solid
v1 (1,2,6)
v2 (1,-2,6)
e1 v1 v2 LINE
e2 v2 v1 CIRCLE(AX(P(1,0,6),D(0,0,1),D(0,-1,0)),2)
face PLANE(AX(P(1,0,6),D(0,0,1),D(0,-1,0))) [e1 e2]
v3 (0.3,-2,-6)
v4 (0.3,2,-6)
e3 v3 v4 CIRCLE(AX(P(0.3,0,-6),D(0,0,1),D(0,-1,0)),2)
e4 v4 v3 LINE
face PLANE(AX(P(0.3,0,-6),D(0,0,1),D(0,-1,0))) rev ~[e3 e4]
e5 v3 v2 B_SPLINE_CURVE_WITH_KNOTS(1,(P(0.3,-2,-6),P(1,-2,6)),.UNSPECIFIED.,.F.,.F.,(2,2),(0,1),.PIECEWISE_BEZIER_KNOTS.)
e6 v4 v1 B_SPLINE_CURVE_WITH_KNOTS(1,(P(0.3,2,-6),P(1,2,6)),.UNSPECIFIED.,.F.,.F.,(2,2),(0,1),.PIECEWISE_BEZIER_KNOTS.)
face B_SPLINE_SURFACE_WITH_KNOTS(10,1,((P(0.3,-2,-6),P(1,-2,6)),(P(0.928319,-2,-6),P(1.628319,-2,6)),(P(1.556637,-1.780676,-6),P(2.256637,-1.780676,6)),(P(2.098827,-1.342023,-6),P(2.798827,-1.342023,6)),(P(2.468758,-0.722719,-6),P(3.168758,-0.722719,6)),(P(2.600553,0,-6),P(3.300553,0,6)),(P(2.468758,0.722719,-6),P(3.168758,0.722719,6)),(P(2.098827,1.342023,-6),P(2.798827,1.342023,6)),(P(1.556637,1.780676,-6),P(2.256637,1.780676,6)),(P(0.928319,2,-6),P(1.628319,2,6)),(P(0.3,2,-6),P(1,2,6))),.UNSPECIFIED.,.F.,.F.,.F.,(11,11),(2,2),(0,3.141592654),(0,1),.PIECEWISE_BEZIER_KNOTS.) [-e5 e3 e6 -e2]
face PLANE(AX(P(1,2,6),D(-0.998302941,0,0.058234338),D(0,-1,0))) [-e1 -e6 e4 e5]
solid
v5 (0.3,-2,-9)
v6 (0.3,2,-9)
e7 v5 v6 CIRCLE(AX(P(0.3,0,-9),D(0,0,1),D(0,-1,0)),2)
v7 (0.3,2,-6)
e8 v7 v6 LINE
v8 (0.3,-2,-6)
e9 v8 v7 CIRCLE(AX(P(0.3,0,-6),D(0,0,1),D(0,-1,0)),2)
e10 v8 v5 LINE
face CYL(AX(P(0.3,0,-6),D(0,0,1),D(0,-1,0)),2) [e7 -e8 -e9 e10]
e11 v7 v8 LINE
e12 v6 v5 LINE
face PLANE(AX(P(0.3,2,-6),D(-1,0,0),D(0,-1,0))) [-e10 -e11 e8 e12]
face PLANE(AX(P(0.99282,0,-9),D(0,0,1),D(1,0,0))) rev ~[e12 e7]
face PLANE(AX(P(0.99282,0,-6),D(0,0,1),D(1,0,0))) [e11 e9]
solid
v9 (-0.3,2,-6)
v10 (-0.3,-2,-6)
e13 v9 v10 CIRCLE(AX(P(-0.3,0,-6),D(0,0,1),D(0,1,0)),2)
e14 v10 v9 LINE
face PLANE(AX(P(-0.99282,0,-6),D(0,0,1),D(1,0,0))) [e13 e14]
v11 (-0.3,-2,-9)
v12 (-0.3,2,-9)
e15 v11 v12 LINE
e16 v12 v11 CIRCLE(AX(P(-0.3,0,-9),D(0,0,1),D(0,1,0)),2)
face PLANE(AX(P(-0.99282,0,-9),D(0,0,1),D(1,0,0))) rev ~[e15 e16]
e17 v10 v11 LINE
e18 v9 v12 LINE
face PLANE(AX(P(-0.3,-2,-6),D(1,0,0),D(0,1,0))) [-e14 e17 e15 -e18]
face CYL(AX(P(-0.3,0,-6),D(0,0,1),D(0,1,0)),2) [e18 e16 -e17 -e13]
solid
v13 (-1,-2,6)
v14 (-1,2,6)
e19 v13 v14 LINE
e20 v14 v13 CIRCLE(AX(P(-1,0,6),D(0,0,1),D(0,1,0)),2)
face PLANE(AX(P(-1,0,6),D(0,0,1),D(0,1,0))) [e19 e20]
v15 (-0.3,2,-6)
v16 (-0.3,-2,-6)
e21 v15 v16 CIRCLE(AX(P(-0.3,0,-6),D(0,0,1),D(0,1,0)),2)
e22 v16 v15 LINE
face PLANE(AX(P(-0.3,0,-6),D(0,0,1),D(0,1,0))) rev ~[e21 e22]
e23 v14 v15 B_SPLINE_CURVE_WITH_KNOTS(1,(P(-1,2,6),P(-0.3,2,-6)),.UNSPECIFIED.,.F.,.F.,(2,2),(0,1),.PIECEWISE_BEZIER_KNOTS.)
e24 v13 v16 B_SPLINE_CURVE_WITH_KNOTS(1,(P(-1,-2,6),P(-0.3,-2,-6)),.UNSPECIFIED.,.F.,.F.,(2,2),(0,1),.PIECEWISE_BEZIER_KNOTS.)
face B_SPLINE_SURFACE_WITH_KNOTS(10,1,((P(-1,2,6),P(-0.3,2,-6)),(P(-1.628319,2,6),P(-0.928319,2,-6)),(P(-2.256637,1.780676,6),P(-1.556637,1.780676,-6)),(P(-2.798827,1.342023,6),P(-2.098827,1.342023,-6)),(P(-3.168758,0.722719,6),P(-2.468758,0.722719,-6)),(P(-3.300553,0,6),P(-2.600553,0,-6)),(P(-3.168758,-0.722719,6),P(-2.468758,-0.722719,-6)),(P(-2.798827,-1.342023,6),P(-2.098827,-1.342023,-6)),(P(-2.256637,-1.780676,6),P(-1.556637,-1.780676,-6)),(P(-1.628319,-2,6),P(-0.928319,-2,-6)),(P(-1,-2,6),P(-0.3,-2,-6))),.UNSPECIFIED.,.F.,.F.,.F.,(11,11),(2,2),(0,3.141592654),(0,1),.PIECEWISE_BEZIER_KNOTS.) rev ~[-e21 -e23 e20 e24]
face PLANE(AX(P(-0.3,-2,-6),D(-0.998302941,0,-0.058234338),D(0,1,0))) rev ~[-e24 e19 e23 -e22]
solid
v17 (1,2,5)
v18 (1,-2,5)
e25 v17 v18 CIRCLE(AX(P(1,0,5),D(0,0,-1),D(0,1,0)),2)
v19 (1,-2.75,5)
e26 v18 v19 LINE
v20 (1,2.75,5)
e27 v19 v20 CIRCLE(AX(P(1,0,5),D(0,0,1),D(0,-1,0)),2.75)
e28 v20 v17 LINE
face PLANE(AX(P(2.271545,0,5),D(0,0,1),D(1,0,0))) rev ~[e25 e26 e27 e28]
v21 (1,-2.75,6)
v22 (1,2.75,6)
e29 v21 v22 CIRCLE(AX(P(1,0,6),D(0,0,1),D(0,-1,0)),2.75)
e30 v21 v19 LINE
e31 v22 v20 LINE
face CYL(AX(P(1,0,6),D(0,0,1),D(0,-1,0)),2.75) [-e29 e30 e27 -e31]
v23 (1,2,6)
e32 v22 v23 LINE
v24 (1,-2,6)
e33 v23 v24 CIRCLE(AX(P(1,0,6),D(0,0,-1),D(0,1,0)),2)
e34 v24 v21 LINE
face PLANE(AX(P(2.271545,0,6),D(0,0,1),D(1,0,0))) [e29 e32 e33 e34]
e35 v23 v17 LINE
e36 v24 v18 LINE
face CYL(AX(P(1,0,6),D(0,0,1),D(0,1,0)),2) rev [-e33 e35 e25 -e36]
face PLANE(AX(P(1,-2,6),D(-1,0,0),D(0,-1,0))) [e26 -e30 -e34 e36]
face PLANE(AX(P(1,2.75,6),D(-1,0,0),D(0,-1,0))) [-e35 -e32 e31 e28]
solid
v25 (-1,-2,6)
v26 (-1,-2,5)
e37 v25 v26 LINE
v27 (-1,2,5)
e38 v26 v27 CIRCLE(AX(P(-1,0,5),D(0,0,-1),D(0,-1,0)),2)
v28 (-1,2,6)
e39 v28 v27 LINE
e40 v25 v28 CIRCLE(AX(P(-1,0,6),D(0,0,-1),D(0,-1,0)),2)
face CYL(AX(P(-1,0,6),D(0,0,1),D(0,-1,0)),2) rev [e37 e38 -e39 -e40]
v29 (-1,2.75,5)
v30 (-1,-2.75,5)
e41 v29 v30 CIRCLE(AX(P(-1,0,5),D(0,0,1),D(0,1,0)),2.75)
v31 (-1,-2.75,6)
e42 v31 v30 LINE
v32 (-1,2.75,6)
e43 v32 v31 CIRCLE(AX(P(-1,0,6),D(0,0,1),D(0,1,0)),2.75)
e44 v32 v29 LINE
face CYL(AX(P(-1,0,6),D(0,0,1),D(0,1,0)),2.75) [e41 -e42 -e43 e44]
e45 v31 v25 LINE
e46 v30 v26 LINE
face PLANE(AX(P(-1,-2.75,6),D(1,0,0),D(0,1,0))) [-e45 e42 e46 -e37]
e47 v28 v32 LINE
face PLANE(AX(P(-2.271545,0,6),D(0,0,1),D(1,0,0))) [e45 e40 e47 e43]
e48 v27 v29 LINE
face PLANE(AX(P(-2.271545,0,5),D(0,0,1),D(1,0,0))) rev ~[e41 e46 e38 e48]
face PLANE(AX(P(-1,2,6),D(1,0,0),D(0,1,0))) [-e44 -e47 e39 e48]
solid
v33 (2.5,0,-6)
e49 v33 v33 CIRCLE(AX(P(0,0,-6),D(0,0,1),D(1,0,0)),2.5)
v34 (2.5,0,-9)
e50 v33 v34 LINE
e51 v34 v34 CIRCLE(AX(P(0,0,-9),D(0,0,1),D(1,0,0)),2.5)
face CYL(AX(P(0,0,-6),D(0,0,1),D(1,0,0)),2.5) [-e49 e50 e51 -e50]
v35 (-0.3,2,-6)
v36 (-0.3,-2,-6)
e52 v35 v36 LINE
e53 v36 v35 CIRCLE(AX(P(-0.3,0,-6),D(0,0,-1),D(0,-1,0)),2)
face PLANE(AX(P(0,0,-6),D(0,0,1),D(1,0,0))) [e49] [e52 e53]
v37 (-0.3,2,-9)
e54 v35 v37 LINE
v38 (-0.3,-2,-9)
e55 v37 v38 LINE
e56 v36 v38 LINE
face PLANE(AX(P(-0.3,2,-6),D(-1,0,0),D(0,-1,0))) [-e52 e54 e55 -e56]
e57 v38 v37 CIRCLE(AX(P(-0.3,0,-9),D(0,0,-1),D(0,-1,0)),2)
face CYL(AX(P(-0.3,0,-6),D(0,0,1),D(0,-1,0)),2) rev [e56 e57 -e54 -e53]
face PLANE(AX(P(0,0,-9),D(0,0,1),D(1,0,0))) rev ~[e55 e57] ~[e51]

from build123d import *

# Parameters (mm, degrees)
F6_R     = 2.5
F7_DEPTH = 3
F8_DEPTH = 1


with BuildPart() as f4:
    # F2 (on offset) → F4 section 0
    with BuildSketch(Plane.XY.offset(-6)):
        with BuildLine():
            ThreePointArc((0.3, -2), (2.3, 0), (0.3, 2))
            Line((0.3, 2), (0.3, -2))
        make_face()
    # F3 (on offset) → F4 section 1
    with BuildSketch(Plane.XY.offset(6)):
        with BuildLine():
            ThreePointArc((1, -2), (3, 0), (1, 2))
            Line((1, 2), (1, -2))
        make_face()
    loft()


with BuildPart() as f5:
    # F3 (on offset) → F5 section 0
    with BuildSketch(Plane.XY.offset(6)):
        with BuildLine():
            Line((-1, -2), (-1, 2))
            ThreePointArc((-1, 2), (-3, 0), (-1, -2))
        make_face()
    # F2 (on offset) → F5 section 1
    with BuildSketch(Plane.XY.offset(-6)):
        with BuildLine():
            Line((-0.3, -2), (-0.3, 2))
            ThreePointArc((-0.3, 2), (-2.3, 0), (-0.3, -2))
        make_face()
    loft()


with BuildPart() as f7:
    # F6 (on face) → F7 (new body)
    with BuildSketch(Plane.XY.offset(-6)):
        Circle(F6_R)
        with BuildLine():
            Line((-0.3, 2), (-0.3, -2))
            ThreePointArc((-0.3, -2), (-2.3, 0), (-0.3, 2))
        make_face(mode=Mode.SUBTRACT)
    extrude(amount=-F7_DEPTH)


with BuildPart() as f7b:
    # F2 (on offset) → F7, piece 2 (new body)
    with BuildSketch(Plane.XY.offset(-6)):
        with BuildLine():
            Line((-0.3, -2), (-0.3, 2))
            ThreePointArc((-0.3, 2), (-2.3, 0), (-0.3, -2))
        make_face()
    extrude(amount=-F7_DEPTH)


with BuildPart() as f7c:
    # F2 (on offset) → F7, piece 3 (new body)
    with BuildSketch(Plane.XY.offset(-6)):
        with BuildLine():
            ThreePointArc((0.3, -2), (2.3, 0), (0.3, 2))
            Line((0.3, 2), (0.3, -2))
        make_face()
    extrude(amount=-F7_DEPTH)


with BuildPart() as f8:
    # F3 (on offset) → F8 (new body)
    with BuildSketch(Plane.XY.offset(6)):
        with BuildLine():
            ThreePointArc((-1, -2), (-3, 0), (-1, 2))
            Line((-1, 2), (-1, 2.75))
            ThreePointArc((-1, 2.75), (-3.75, 0), (-1, -2.75))
            Line((-1, -2.75), (-1, -2))
        make_face()
    extrude(amount=-F8_DEPTH)


with BuildPart() as f8b:
    # F3 (on offset) → F8, piece 2 (new body)
    with BuildSketch(Plane.XY.offset(6)):
        with BuildLine():
            Line((1, 2.75), (1, 2))
            ThreePointArc((1, 2), (3, 0), (1, -2))
            Line((1, -2), (1, -2.75))
            ThreePointArc((1, -2.75), (3.75, 0), (1, 2.75))
        make_face()
    extrude(amount=-F8_DEPTH)


solid = Compound([f4.part, f5.part, f7.part, f7b.part, f7c.part, f8.part, f8b.part])
